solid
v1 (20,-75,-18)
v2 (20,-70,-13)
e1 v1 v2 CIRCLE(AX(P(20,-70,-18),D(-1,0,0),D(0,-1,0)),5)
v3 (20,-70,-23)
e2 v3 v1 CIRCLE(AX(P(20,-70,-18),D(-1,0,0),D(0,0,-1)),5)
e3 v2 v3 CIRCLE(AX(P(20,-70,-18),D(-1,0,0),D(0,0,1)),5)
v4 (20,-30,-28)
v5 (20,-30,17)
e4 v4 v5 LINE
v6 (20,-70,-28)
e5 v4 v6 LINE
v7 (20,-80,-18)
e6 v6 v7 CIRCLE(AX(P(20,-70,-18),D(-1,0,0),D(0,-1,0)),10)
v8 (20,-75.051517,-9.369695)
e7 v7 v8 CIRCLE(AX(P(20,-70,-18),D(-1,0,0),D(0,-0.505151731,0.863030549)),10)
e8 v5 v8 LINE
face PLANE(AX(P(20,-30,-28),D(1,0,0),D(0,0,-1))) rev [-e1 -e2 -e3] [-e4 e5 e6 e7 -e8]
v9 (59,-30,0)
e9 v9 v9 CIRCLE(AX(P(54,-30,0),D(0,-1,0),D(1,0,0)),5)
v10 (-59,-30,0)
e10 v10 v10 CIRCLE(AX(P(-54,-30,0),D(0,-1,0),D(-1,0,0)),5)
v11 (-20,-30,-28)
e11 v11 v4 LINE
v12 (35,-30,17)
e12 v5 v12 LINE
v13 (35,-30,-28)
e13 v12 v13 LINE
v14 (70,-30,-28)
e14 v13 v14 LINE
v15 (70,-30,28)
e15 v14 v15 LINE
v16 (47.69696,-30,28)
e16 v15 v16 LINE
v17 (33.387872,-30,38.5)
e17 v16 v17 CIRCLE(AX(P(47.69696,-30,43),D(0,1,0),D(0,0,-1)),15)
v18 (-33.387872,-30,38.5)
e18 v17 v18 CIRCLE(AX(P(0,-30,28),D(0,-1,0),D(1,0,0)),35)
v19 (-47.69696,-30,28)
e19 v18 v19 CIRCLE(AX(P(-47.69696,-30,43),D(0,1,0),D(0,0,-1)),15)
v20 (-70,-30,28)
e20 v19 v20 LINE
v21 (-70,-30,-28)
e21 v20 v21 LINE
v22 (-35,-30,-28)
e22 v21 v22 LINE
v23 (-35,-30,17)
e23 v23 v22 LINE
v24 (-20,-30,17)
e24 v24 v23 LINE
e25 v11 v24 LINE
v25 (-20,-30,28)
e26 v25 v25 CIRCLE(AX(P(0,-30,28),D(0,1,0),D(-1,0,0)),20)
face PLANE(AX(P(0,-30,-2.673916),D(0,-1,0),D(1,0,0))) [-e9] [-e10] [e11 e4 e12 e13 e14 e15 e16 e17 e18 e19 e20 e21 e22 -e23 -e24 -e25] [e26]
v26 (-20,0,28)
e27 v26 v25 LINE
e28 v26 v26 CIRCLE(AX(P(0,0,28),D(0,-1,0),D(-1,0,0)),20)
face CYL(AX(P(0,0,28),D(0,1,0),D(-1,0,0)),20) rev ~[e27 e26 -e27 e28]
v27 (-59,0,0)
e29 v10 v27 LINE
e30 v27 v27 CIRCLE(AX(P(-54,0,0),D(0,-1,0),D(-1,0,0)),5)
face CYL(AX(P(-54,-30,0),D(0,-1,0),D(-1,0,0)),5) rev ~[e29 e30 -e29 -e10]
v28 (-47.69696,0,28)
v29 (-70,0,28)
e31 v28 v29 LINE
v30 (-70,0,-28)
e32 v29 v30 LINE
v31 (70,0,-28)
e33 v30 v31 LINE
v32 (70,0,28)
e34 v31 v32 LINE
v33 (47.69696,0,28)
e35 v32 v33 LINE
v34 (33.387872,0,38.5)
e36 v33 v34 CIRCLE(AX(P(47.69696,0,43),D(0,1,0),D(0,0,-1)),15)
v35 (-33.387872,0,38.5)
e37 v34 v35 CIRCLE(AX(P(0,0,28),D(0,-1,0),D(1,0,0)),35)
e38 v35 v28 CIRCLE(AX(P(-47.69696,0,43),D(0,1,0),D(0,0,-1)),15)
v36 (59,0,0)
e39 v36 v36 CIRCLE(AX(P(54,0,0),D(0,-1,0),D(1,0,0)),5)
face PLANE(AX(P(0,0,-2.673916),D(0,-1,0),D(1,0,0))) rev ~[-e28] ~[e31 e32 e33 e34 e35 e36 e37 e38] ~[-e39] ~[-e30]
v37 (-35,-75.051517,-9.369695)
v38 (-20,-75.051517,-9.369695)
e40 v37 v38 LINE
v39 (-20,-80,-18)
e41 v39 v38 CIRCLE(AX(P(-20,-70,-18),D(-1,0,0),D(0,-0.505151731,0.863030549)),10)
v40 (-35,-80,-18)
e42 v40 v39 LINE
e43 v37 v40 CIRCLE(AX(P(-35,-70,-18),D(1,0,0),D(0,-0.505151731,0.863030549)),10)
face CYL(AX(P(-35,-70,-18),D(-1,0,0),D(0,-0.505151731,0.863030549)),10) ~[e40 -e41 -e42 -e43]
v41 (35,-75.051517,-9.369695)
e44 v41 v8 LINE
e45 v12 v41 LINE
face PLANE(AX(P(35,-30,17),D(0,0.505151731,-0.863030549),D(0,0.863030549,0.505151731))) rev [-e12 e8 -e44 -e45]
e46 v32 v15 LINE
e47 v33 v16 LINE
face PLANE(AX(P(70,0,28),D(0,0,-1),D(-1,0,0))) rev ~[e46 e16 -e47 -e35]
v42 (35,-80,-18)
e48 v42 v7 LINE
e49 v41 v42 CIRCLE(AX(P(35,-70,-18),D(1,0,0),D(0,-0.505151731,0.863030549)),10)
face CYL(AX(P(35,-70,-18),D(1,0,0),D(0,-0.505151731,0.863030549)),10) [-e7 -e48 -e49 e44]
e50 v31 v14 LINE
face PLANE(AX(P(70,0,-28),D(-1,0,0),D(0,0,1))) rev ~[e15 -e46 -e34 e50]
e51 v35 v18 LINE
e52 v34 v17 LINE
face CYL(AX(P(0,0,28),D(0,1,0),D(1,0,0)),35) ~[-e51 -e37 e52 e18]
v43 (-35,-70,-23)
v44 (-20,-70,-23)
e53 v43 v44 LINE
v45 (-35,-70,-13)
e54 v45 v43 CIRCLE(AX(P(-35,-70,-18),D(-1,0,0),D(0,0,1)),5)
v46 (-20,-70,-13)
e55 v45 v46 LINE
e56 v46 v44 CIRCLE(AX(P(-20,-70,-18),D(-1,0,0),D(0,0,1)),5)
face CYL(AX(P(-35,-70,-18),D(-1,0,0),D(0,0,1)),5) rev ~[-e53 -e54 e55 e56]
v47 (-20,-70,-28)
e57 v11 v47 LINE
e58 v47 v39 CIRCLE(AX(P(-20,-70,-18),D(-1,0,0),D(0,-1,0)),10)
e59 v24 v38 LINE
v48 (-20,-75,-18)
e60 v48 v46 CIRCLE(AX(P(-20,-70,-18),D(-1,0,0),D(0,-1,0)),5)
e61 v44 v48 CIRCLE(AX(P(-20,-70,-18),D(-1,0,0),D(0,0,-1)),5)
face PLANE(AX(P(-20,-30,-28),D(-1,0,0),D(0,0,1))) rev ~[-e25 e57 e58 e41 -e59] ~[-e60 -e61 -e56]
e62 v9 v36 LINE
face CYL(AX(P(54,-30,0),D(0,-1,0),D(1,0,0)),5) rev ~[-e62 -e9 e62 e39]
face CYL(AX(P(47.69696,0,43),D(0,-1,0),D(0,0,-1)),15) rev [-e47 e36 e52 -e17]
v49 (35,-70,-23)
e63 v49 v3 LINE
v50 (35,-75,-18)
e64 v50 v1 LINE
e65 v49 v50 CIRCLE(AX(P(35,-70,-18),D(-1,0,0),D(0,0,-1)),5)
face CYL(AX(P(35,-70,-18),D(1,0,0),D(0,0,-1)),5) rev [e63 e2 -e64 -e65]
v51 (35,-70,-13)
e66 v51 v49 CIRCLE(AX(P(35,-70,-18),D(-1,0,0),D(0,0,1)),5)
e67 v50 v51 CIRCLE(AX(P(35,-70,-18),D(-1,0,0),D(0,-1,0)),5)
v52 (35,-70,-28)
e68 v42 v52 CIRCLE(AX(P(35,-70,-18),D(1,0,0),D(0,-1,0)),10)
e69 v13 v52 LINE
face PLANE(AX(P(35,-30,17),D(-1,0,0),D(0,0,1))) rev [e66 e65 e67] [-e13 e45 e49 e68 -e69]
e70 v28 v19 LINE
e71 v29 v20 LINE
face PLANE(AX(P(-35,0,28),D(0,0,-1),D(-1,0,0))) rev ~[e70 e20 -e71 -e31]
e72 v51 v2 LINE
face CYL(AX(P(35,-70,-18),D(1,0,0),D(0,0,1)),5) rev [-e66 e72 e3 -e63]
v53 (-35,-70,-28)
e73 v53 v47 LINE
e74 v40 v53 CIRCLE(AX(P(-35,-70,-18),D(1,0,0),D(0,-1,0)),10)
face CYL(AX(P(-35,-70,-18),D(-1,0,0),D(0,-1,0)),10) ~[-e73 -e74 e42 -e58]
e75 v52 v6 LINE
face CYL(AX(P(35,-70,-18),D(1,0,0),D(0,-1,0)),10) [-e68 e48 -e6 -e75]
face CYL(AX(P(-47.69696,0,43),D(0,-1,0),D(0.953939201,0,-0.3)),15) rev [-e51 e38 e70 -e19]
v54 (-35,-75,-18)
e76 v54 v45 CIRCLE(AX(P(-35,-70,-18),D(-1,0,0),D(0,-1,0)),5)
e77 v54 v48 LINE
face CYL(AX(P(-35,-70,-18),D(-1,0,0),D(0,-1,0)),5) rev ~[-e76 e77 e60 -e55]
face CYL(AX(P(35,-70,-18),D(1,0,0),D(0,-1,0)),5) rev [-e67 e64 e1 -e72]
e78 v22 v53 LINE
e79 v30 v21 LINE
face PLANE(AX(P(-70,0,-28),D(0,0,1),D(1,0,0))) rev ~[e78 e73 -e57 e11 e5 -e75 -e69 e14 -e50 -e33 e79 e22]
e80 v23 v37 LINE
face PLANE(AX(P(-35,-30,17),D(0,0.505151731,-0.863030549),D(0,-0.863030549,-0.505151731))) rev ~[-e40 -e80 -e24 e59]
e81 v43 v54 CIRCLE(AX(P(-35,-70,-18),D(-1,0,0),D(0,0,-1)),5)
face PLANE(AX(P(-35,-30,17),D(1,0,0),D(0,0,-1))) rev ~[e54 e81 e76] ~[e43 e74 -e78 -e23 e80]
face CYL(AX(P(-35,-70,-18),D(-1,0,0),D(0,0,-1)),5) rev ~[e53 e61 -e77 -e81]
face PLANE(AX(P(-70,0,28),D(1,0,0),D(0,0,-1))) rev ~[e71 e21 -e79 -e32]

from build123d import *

# Parameters (mm, degrees)
F1_DEPTH = 30
F2_R     = 15
F3_R     = 5
F4_DEPTH = 72
F6_DEPTH = 60
F8_DEPTH = 51.3


with BuildPart() as f1:
    # F0 (on Front) → F1 (new body)
    with BuildSketch(Plane.XZ):
        with BuildLine():
            Line((70, -28), (70, 28))
            Line((70, 28), (35, 28))
            ThreePointArc((35, 28), (0, -7), (-35, 28))
            Line((-35, 28), (-70, 28))
            Line((-70, 28), (-70, -28))
            Line((-70, -28), (70, -28))
        make_face()
        with BuildLine():
            ThreePointArc((-35, 28), (0, -7), (35, 28))
            Line((35, 28), (20, 28))
            ThreePointArc((20, 28), (0, 8), (-20, 28))
            Line((-20, 28), (-35, 28))
        make_face()
        with BuildLine():
            Line((20, 28), (35, 28))
            ThreePointArc((35, 28), (0, 63), (-35, 28))
            Line((-35, 28), (-20, 28))
            ThreePointArc((-20, 28), (0, 48), (20, 28))
        make_face()
    extrude(amount=F1_DEPTH)

    # F2
    f2_edges = [f1.edges().sort_by_distance(p)[0] for p in [
        (-35, -15, 28),
        (35, -15, 28),
    ]]
    fillet(f2_edges, radius=F2_R)

    # F3 (on face) → F4 (cut)
    with BuildSketch(Plane.XZ.offset(30)):
        with BuildLine():
            ThreePointArc((-49, 0), (-54, 5), (-59, 0))
            ThreePointArc((-59, 0), (-54, -5), (-49, 0))
        make_face()
        with Locations((54, 0)):
            Circle(F3_R)
    extrude(amount=-F4_DEPTH, mode=Mode.SUBTRACT)

    # F5 (on face) → F6 (join)
    with BuildSketch(Plane.XZ.offset(30)):
        Polygon((-35, 17), (-35, 0), (-35, -28), (-20, -28), (-20, 17), align=None)
    extrude(amount=F6_DEPTH)

    # F7 (on face) → F8 (cut)
    with BuildSketch(Plane(origin=(-35, 0, 0), x_dir=(0, -1, 0), z_dir=(-1, 0, 0))):
        with BuildLine():
            Line((90, 17), (30, 17))
            Line((30, 17), (75.0515173064, -9.369694507))
            ThreePointArc((75.0515173064, -9.369694507), (78.6751130559, -13.0258253481), (80, -18))
            ThreePointArc((80, -18), (77.0710678119, -25.0710678119), (70, -28))
            Line((70, -28), (90, -28))
            Line((90, -28), (90, 17))
        make_face()
        with BuildLine():
            ThreePointArc((70, -13), (65, -18), (70, -23))
            Line((70, -23), (70, -13))
        make_face()
        with BuildLine():
            Line((70, -13), (70, -23))
            ThreePointArc((70, -23), (73.5355339059, -21.5355339059), (75, -18))
            ThreePointArc((75, -18), (73.5355339059, -14.4644660941), (70, -13))
        make_face()
    extrude(amount=-F8_DEPTH, mode=Mode.SUBTRACT)

    # F9: F1 across plane


with BuildPart() as f1_1:
    add(f1.part)
    add(f1.part.mirror(Plane.YZ))


solid = f1_1.part
